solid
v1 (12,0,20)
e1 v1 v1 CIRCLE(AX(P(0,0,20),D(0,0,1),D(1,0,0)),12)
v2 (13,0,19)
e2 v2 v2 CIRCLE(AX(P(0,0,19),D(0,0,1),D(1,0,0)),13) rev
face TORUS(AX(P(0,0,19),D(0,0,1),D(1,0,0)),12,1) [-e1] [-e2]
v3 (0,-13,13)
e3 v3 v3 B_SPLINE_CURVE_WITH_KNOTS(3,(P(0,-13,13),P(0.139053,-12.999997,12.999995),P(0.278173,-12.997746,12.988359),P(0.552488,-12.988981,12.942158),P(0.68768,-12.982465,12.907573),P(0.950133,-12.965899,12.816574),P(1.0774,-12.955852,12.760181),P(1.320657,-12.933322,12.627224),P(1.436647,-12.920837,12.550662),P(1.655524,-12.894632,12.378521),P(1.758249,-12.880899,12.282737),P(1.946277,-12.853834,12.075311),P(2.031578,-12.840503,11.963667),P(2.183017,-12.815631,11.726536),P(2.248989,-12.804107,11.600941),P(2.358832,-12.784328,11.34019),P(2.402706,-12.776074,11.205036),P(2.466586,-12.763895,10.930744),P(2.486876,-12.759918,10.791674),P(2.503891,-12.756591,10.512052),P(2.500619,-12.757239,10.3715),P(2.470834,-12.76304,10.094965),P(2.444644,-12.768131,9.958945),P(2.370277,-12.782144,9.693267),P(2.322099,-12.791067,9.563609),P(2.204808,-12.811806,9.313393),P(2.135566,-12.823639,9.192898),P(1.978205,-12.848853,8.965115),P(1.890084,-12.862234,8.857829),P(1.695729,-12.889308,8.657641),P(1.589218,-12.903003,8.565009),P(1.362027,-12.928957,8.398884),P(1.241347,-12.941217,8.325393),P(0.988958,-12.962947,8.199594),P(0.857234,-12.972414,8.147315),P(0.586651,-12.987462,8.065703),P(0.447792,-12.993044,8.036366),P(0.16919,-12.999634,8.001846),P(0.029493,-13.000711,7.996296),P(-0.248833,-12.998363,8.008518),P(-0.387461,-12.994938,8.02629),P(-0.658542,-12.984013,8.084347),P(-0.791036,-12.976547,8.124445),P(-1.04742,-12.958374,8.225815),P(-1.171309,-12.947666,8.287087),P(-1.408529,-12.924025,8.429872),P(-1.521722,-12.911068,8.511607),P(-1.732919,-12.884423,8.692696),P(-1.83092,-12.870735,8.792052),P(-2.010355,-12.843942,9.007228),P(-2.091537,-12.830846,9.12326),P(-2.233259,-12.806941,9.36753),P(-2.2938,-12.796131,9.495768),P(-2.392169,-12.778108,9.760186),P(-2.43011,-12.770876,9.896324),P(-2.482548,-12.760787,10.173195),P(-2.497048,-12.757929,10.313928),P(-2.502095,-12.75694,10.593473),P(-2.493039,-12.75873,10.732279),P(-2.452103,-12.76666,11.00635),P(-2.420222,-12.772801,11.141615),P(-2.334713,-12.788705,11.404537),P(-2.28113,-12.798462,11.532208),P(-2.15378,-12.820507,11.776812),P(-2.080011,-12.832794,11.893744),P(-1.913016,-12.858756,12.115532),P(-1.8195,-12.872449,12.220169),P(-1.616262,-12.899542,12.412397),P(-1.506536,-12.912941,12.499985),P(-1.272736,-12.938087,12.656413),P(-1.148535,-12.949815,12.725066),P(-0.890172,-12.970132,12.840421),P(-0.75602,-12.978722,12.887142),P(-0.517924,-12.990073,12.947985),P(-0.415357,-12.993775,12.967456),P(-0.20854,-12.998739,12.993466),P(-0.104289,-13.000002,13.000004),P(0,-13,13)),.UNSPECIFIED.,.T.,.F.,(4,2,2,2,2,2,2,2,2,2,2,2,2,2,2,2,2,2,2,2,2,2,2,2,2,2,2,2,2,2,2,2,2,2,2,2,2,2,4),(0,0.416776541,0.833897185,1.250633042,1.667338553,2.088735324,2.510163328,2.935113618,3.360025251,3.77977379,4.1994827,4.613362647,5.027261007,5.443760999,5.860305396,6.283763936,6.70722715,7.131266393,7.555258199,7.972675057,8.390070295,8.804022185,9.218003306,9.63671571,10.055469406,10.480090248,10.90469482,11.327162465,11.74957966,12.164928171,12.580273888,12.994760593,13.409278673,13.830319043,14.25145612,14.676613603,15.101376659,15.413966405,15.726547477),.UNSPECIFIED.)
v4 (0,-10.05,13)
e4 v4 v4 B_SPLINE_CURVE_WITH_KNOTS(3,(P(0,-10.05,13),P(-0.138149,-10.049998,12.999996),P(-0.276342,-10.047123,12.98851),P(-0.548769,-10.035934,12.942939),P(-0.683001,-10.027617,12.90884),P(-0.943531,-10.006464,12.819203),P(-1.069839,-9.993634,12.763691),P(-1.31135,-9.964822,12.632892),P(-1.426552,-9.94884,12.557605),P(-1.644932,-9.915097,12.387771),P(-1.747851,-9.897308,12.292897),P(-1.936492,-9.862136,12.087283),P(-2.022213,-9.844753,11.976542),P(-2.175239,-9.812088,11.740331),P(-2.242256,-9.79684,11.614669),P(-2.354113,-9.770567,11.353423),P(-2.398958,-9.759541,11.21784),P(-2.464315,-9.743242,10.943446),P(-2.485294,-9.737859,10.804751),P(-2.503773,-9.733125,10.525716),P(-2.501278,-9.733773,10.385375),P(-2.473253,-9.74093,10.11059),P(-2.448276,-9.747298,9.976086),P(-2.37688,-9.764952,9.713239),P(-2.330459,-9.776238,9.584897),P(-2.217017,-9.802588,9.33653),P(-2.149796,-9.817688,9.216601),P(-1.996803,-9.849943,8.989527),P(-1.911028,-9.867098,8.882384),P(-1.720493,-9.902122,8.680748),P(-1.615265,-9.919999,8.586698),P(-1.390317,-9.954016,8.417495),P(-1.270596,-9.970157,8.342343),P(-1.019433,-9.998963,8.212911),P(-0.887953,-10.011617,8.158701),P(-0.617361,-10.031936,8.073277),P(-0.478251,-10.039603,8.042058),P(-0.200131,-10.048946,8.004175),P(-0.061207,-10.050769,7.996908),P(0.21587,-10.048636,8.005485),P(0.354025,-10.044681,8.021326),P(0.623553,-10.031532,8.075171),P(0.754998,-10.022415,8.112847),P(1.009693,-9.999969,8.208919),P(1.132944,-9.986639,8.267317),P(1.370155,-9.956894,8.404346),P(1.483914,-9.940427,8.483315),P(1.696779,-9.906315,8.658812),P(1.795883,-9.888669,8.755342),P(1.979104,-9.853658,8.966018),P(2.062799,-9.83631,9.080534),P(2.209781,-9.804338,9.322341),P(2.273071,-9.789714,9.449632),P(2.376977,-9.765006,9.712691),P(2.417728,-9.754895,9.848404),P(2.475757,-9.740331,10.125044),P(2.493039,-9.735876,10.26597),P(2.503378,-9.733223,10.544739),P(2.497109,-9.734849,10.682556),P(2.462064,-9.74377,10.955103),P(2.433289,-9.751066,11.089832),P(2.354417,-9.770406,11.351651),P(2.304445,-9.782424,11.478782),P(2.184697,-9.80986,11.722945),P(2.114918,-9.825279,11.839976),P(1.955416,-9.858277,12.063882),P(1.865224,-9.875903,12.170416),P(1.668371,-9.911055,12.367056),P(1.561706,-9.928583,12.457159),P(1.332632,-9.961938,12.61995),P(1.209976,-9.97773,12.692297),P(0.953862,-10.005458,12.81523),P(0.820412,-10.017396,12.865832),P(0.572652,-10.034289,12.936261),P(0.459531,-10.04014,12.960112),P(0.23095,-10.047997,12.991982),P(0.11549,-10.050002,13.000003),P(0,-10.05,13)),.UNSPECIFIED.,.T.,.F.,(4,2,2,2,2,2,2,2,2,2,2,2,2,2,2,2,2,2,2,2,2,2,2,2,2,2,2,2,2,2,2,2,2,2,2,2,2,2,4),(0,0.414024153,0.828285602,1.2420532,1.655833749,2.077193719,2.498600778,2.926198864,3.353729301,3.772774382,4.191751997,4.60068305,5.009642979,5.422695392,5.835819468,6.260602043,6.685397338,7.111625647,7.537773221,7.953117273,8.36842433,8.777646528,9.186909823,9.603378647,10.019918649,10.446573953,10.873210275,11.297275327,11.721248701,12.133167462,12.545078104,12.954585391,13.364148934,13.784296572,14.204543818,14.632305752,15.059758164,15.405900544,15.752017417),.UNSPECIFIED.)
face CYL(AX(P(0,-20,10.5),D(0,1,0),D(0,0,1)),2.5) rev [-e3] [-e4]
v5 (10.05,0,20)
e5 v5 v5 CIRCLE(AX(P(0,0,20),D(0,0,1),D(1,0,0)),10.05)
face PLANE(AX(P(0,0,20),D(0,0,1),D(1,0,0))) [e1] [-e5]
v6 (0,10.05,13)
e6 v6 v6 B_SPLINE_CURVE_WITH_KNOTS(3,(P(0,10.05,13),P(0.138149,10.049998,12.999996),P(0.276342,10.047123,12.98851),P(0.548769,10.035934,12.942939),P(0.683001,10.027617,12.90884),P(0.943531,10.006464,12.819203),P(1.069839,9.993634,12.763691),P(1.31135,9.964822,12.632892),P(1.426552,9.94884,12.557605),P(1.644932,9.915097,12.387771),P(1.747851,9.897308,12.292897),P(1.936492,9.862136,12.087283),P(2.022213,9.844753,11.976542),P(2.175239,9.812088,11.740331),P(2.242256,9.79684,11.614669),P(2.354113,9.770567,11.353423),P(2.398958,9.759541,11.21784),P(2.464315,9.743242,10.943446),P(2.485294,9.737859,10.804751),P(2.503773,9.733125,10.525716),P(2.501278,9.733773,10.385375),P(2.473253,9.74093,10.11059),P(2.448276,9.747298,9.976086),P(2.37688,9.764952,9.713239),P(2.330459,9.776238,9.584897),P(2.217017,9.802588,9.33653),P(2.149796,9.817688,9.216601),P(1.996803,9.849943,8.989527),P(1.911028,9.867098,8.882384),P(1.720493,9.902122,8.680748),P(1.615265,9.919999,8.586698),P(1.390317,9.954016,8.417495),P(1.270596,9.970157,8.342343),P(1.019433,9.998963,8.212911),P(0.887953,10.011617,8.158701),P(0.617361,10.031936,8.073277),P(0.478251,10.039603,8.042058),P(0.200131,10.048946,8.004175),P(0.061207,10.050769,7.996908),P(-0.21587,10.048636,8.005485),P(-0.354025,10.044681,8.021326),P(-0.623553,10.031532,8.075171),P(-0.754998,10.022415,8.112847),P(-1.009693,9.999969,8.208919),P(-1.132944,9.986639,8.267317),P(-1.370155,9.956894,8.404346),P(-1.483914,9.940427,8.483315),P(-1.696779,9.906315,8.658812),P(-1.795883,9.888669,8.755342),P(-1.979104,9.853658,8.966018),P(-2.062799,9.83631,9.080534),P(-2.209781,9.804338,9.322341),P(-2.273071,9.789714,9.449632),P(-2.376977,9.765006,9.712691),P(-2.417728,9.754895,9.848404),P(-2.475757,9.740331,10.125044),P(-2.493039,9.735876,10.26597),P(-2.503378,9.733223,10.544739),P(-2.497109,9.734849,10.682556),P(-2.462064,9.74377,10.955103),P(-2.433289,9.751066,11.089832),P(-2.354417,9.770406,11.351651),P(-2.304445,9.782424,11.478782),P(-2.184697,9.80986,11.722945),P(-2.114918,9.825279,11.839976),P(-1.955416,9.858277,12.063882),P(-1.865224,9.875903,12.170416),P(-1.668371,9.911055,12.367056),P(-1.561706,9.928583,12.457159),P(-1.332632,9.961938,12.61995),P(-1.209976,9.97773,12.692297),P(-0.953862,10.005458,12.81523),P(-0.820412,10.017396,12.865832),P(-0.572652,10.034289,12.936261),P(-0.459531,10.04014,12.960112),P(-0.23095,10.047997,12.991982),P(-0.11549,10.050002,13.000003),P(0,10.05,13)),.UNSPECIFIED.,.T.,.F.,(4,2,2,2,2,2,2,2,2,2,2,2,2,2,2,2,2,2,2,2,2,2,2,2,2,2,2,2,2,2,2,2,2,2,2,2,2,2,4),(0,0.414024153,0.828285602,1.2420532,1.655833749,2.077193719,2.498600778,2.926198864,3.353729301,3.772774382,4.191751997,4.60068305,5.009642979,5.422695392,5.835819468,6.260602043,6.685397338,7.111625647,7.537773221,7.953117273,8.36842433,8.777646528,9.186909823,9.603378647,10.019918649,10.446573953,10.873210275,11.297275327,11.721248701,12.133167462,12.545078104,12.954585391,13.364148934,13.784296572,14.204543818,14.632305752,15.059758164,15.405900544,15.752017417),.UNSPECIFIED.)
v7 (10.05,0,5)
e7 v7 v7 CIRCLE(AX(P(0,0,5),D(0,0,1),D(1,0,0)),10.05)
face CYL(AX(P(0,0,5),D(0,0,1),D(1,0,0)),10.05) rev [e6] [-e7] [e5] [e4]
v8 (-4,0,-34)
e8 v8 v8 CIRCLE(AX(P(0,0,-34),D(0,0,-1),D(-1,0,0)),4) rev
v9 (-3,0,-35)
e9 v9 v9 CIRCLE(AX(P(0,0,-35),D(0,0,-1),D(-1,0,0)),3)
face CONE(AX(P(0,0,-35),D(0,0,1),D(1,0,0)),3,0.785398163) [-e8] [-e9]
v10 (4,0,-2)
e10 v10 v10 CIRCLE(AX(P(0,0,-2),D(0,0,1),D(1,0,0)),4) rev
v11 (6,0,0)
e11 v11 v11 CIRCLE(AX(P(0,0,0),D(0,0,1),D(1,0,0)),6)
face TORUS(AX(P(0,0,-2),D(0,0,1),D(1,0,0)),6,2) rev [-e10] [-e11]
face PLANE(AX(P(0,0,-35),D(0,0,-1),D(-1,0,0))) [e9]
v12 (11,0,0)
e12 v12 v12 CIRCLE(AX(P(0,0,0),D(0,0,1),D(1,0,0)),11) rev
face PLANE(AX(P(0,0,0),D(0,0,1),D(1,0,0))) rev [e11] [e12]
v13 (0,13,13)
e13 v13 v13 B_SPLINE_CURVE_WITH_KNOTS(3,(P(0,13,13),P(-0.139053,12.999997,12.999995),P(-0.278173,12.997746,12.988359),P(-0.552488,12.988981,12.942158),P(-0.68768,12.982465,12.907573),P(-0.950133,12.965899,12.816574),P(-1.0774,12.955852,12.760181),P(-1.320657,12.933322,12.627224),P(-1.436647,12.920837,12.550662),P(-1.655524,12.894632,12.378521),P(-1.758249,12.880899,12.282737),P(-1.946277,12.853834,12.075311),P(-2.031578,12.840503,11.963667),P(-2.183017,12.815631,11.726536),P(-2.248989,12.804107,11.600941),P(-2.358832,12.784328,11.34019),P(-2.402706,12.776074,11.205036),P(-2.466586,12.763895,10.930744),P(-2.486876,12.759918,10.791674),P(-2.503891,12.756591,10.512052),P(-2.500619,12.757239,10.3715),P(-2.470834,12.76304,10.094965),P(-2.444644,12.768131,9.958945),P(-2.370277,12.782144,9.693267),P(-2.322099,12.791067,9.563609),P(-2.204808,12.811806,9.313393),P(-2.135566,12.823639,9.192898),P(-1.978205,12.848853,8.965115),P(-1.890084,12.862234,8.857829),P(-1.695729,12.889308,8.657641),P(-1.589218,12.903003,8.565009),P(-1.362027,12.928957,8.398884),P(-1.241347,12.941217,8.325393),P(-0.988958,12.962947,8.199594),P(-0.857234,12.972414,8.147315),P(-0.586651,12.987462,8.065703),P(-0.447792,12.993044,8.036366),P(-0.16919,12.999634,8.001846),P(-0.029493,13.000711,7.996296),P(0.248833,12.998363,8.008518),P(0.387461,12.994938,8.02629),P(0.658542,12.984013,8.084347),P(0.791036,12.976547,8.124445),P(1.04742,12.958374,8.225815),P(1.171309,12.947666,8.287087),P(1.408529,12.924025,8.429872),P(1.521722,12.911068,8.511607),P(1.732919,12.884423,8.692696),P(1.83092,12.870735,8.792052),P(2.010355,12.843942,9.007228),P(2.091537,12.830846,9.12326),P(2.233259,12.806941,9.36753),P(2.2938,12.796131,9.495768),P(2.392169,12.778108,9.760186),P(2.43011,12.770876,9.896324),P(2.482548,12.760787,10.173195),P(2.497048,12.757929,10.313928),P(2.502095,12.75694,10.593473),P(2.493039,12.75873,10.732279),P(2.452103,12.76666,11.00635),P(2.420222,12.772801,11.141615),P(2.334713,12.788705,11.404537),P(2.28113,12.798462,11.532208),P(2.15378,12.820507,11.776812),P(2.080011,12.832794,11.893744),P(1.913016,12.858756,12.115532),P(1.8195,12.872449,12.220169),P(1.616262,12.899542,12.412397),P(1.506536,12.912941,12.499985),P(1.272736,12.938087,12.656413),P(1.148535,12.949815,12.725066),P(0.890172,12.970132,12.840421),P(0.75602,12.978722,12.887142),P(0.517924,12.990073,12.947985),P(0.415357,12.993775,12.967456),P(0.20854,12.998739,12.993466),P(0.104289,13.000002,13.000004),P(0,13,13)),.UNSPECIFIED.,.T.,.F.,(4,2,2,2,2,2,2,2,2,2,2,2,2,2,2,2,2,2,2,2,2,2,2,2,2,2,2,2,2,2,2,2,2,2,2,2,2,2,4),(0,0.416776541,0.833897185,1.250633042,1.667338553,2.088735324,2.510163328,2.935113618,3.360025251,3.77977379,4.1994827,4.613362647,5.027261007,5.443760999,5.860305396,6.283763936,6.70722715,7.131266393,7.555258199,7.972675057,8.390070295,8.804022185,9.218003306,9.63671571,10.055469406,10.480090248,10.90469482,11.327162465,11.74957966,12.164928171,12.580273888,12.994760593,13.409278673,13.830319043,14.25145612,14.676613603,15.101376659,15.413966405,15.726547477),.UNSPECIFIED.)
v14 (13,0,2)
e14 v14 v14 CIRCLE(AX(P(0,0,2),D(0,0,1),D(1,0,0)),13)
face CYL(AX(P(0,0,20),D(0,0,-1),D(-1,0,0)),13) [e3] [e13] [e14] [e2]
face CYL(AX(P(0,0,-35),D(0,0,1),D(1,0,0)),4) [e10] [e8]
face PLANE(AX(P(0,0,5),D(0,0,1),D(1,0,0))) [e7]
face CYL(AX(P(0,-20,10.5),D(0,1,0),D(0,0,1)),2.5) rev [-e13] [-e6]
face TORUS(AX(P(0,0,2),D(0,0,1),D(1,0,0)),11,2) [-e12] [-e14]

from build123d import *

# Parameters (mm, degrees)
SKETCH1_R           = 13
BOSS_EXTRUDE1_DEPTH = 20
SKETCH2_R           = 10.05
CUT_EXTRUDE1_DEPTH  = 15
SKETCH3_R           = 4
BOSS_EXTRUDE2_DEPTH = 35
FILLET1_R           = 2
CHAMFER1_SIZE       = 1
FILLET2_R           = 1
SKETCH4_R           = 2.5
CUT_EXTRUDE2_DEPTH  = 20


with BuildPart() as part:
    # Sketch1 → Boss-Extrude1 (new body)
    with BuildSketch(Plane.XY):
        Circle(SKETCH1_R)
    extrude(amount=BOSS_EXTRUDE1_DEPTH)

    # Sketch2 → Cut-Extrude1 (cut)
    with BuildSketch(Plane.XY.offset(20)):
        Circle(SKETCH2_R)
    extrude(amount=-CUT_EXTRUDE1_DEPTH, mode=Mode.SUBTRACT)

    # Sketch3 → Boss-Extrude2 (add)
    with BuildSketch(Plane(origin=(0, 0, 0), x_dir=(-1, 0, 0), z_dir=(0, 0, -1))):
        Circle(SKETCH3_R)
    extrude(amount=BOSS_EXTRUDE2_DEPTH)

    # Fillet1
    fillet1_edges = [part.edges().sort_by_distance(p)[0] for p in [
        (-13, 0, 0),
        (4, 0, 0),
    ]]
    fillet(fillet1_edges, radius=FILLET1_R)

    # Chamfer1
    chamfer1_edges = [part.edges().sort_by_distance(p)[0] for p in [
        (4, 0, -35),
    ]]
    chamfer(chamfer1_edges, length=CHAMFER1_SIZE)

    # Fillet2
    fillet2_edges = [part.edges().sort_by_distance(p)[0] for p in [
        (-13, 0, 20),
    ]]
    fillet(fillet2_edges, radius=FILLET2_R)

    # Sketch4 → Cut-Extrude2 (cut, symmetric)
    with BuildSketch(Plane(origin=(0, 0, 0), x_dir=(1, 0, 0), z_dir=(0, 1, 0))):
        with Locations(Location((0, -10.5, 0), (0, 0, 270))):
            Circle(SKETCH4_R)
    extrude(amount=CUT_EXTRUDE2_DEPTH, both=True, mode=Mode.SUBTRACT)


solid = part.part
